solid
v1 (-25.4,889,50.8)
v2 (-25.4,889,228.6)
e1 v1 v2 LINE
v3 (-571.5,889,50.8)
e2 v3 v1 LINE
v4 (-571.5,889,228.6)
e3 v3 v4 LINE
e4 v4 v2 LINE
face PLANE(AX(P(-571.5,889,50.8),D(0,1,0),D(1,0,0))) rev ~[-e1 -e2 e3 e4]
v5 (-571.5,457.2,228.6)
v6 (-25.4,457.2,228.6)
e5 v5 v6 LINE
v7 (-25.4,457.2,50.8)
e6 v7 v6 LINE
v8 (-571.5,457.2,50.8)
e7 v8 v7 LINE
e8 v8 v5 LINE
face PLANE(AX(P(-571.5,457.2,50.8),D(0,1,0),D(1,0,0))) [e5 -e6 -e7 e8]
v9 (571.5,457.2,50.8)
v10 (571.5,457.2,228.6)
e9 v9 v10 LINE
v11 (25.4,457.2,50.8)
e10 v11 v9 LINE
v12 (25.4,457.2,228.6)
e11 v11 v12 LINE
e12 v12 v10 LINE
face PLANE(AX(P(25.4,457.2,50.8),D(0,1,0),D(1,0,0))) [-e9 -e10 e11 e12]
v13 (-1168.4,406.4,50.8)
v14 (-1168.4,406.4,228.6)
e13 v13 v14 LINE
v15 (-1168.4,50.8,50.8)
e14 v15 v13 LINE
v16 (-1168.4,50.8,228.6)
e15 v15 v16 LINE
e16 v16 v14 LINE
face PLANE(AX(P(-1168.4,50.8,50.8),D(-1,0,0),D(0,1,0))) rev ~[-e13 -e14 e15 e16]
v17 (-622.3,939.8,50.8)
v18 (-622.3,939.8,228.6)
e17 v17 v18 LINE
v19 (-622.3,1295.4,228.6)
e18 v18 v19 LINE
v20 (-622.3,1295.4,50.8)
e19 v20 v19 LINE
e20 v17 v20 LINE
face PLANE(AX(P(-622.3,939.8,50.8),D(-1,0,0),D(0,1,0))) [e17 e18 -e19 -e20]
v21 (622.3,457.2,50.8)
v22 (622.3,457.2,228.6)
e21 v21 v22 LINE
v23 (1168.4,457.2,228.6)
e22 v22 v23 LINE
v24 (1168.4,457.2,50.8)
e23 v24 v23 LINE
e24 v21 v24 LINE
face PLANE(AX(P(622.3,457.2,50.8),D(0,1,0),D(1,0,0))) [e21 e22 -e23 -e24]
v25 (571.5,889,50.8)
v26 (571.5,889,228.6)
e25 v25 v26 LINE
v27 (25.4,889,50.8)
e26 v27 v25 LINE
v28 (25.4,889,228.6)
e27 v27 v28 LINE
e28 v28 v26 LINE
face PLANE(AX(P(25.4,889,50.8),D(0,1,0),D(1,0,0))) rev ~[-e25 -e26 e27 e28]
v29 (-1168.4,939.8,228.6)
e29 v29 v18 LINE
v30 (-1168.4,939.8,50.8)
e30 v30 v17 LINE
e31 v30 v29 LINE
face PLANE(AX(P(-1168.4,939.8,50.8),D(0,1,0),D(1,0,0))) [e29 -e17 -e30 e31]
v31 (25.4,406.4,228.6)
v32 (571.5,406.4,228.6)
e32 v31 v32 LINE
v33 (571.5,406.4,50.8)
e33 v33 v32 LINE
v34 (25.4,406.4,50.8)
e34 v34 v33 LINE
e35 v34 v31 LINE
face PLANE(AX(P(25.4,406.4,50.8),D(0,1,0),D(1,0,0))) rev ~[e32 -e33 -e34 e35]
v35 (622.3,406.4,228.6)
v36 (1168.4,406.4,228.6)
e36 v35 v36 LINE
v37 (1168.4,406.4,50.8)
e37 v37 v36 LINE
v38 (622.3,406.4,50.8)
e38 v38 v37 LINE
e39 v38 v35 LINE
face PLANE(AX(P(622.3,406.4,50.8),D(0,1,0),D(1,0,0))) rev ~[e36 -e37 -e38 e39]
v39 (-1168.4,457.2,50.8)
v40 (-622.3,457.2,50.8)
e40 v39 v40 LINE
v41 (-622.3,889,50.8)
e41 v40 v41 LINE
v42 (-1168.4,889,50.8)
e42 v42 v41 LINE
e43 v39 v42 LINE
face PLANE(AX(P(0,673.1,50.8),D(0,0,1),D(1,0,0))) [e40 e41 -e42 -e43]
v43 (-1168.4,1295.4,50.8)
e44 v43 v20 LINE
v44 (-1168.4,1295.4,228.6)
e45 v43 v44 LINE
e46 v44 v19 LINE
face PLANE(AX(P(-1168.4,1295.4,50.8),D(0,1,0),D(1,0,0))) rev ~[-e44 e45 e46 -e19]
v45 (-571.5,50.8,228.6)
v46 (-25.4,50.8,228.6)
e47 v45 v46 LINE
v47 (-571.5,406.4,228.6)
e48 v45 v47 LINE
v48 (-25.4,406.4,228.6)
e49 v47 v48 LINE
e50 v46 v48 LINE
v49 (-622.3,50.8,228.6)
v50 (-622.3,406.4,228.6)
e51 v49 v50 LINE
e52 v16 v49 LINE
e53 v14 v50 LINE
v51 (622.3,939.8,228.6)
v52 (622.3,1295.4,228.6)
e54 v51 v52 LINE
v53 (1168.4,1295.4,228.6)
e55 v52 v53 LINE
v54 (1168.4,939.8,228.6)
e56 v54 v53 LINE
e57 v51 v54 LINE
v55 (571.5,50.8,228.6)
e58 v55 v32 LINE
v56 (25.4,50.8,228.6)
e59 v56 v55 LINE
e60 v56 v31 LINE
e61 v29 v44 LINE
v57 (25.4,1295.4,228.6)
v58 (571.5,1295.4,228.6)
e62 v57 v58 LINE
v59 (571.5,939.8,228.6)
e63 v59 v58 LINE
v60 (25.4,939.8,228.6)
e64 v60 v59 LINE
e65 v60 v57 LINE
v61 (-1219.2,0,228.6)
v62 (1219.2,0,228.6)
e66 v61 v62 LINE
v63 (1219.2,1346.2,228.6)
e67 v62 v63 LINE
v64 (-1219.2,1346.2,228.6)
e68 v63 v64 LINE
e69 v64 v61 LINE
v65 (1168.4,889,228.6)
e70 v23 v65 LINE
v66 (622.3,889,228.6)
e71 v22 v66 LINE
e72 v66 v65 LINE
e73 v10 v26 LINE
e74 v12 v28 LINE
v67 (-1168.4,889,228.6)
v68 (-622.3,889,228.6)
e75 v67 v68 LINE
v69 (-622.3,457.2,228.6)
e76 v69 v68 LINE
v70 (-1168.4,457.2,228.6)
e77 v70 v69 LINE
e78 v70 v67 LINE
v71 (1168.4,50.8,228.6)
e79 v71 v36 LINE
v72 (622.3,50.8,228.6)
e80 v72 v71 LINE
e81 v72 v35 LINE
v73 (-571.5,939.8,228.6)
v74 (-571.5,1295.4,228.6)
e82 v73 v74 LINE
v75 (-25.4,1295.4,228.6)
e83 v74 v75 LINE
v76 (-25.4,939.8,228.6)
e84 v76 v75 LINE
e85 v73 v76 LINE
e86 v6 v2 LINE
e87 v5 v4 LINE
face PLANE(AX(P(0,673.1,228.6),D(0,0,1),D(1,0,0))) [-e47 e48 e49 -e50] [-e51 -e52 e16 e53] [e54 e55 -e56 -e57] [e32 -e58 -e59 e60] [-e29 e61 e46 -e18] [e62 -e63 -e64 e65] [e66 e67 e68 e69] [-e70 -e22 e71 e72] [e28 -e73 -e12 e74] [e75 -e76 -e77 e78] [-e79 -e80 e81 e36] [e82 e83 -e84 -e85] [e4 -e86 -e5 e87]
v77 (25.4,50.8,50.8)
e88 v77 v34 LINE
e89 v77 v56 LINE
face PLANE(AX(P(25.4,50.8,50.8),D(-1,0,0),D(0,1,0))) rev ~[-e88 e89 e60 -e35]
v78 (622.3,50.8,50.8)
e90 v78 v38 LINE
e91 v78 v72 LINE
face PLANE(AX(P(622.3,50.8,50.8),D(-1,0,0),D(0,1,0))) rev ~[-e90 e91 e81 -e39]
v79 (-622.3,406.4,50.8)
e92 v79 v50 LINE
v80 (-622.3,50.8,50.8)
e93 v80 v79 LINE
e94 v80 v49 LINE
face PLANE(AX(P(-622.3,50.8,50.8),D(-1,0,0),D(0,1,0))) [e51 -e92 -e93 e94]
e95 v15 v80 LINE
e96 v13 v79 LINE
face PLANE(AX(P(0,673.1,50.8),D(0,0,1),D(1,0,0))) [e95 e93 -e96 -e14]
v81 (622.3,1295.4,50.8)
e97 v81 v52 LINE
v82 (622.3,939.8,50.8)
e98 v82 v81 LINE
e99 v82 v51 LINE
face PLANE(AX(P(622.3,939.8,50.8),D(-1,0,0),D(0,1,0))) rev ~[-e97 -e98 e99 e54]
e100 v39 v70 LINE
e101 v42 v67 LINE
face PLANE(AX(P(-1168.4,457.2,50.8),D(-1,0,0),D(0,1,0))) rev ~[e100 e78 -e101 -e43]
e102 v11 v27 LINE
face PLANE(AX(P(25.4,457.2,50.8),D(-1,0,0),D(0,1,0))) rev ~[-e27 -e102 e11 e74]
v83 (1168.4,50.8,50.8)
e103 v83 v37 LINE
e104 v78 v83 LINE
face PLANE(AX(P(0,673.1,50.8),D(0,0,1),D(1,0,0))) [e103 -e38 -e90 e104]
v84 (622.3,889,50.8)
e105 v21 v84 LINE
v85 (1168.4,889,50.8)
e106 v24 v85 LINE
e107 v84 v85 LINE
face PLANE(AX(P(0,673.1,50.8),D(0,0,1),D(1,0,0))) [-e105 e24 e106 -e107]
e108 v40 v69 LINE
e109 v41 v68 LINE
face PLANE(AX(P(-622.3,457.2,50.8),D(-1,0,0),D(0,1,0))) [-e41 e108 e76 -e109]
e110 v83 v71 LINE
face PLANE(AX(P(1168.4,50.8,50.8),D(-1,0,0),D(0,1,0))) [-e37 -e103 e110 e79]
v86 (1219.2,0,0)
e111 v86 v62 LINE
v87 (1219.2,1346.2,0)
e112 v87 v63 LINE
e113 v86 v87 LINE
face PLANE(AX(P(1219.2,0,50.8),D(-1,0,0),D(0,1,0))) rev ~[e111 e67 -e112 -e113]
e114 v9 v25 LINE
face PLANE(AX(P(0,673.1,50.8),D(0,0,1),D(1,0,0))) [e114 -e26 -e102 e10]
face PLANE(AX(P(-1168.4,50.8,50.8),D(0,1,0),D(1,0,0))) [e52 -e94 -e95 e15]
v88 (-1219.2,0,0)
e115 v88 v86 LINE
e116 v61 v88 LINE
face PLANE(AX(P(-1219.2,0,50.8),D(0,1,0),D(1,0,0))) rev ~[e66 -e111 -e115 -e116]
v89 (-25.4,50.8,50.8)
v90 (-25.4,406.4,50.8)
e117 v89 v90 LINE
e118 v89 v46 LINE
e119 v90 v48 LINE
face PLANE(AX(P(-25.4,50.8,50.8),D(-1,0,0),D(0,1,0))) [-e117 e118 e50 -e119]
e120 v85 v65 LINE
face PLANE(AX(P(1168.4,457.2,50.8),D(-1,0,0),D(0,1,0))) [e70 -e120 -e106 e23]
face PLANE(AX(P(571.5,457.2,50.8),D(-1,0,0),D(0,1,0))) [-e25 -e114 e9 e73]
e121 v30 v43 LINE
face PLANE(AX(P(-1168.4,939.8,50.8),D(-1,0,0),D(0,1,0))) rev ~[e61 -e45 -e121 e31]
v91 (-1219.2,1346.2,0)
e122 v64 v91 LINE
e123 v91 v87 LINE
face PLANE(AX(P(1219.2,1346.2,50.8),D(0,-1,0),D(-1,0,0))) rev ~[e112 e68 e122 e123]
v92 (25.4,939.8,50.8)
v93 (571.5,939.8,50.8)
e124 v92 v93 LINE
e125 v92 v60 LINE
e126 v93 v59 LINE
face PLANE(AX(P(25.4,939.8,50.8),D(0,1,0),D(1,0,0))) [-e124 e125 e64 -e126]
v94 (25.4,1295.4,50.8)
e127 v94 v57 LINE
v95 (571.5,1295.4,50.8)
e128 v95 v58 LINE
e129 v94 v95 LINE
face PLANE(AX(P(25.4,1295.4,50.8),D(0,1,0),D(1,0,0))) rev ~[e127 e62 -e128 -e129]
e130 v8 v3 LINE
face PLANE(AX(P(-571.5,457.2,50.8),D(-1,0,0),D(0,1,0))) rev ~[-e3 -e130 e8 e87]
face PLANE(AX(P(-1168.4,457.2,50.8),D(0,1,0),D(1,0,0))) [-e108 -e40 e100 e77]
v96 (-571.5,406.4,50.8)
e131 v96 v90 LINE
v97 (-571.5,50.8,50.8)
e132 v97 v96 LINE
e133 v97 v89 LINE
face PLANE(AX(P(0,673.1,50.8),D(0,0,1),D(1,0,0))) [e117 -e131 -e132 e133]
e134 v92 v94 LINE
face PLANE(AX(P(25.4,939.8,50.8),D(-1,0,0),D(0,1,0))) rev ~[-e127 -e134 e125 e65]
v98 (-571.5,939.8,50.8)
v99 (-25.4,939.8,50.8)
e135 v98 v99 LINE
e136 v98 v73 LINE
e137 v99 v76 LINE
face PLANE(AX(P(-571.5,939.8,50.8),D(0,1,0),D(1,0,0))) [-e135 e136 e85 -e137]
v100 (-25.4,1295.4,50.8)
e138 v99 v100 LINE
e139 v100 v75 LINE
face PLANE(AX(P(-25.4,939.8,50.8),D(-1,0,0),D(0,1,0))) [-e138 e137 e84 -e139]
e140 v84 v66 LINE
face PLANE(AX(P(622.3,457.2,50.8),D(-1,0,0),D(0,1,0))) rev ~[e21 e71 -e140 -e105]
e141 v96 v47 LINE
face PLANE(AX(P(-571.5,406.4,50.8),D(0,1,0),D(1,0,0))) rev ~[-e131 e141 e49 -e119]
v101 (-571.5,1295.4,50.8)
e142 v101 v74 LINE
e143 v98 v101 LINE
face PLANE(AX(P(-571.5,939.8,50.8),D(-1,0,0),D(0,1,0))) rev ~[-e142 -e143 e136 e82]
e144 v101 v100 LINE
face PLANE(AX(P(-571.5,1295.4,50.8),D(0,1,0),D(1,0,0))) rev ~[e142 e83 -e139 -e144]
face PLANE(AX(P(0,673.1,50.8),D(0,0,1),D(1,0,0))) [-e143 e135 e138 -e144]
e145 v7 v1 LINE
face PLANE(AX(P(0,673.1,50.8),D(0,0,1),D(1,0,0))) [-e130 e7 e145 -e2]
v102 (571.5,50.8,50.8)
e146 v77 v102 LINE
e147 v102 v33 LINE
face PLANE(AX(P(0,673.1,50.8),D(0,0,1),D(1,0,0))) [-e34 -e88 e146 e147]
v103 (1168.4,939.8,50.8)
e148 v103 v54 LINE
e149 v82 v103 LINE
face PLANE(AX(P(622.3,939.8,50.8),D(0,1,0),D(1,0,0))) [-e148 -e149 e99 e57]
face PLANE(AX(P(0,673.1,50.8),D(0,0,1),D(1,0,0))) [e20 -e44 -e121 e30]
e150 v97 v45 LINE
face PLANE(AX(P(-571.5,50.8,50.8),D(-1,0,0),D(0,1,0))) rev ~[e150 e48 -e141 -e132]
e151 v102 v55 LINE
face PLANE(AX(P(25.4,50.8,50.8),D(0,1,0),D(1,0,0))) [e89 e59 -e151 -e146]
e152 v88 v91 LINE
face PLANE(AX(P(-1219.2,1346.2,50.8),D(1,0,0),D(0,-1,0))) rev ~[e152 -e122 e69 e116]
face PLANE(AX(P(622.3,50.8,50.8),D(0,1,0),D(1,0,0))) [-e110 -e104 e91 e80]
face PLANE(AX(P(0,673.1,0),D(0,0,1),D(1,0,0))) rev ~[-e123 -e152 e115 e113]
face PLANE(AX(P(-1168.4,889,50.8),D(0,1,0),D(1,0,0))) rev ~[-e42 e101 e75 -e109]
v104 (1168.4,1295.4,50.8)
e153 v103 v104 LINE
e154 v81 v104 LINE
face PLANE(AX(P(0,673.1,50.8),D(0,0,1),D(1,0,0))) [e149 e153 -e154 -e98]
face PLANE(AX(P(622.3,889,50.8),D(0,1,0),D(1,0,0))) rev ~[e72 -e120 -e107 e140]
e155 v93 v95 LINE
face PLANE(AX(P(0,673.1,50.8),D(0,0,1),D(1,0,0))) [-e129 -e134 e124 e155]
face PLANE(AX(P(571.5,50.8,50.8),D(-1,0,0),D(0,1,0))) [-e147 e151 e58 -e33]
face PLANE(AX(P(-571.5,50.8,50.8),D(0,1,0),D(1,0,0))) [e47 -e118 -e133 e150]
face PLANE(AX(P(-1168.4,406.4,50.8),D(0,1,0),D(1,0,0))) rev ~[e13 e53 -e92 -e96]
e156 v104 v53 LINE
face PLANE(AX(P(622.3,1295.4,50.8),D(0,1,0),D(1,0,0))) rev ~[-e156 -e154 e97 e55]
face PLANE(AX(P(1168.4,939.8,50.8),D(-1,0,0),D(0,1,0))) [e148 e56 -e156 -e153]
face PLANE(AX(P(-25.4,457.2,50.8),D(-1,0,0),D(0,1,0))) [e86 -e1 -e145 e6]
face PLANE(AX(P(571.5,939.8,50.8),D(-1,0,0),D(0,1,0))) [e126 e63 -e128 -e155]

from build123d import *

# Parameters (mm, degrees)
F0_W     = 2438.4
F0_H     = 1346.2
F1_DEPTH = 50.8
F2_W     = 546.1
F2_H     = 355.6
F2_H_2   = 431.8
F3_DEPTH = 177.8


with BuildPart() as f1:
    # F0 (on Top) → F1 (new body)
    with BuildSketch(Plane.XY):
        with Locations((0, 673.1)):
            Rectangle(F0_W, F0_H)
    extrude(amount=F1_DEPTH)

    # F2 (on face) → F3 (join)
    with BuildSketch(Plane.XY.offset(50.8)):
        Polygon((-1219.2, 457.2), (-1219.2, 406.4), (-1219.2, 50.8), (-1219.2, 0), (-1168.4, 0), (-622.3, 0), (-571.5, 0), (-25.4, 0), (25.4, 0), (571.5, 0), (622.3, 0), (1168.4, 0), (1219.2, 0), (1219.2, 50.8), (1219.2, 406.4), (1219.2, 457.2), (1219.2, 889), (1219.2, 939.8), (1219.2, 1295.4), (1219.2, 1346.2), (1168.4, 1346.2), (622.3, 1346.2), (571.5, 1346.2), (25.4, 1346.2), (-25.4, 1346.2), (-571.5, 1346.2), (-622.3, 1346.2), (-1168.4, 1346.2), (-1219.2, 1346.2), (-1219.2, 1295.4), (-1219.2, 939.8), (-1219.2, 889), align=None)
        with Locations((-895.35, 228.6)):
            Rectangle(F2_W, F2_H, mode=Mode.SUBTRACT)
        with Locations((-298.45, 228.6)):
            Rectangle(F2_W, F2_H, mode=Mode.SUBTRACT)
        with Locations((298.45, 228.6)):
            Rectangle(F2_W, F2_H, mode=Mode.SUBTRACT)
        with Locations((895.35, 228.6)):
            Rectangle(F2_W, F2_H, mode=Mode.SUBTRACT)
        with Locations((-895.35, 673.1)):
            Rectangle(F2_W, F2_H_2, mode=Mode.SUBTRACT)
        with Locations((-298.45, 673.1)):
            Rectangle(F2_W, F2_H_2, mode=Mode.SUBTRACT)
        with Locations((-895.35, 1117.6)):
            Rectangle(F2_W, F2_H, mode=Mode.SUBTRACT)
        with Locations((-298.45, 1117.6)):
            Rectangle(F2_W, F2_H, mode=Mode.SUBTRACT)
        with Locations((298.45, 673.1)):
            Rectangle(F2_W, F2_H_2, mode=Mode.SUBTRACT)
        with Locations((895.35, 673.1)):
            Rectangle(F2_W, F2_H_2, mode=Mode.SUBTRACT)
        with Locations((298.45, 1117.6)):
            Rectangle(F2_W, F2_H, mode=Mode.SUBTRACT)
        with Locations((895.35, 1117.6)):
            Rectangle(F2_W, F2_H, mode=Mode.SUBTRACT)
    extrude(amount=F3_DEPTH)


solid = f1.part
